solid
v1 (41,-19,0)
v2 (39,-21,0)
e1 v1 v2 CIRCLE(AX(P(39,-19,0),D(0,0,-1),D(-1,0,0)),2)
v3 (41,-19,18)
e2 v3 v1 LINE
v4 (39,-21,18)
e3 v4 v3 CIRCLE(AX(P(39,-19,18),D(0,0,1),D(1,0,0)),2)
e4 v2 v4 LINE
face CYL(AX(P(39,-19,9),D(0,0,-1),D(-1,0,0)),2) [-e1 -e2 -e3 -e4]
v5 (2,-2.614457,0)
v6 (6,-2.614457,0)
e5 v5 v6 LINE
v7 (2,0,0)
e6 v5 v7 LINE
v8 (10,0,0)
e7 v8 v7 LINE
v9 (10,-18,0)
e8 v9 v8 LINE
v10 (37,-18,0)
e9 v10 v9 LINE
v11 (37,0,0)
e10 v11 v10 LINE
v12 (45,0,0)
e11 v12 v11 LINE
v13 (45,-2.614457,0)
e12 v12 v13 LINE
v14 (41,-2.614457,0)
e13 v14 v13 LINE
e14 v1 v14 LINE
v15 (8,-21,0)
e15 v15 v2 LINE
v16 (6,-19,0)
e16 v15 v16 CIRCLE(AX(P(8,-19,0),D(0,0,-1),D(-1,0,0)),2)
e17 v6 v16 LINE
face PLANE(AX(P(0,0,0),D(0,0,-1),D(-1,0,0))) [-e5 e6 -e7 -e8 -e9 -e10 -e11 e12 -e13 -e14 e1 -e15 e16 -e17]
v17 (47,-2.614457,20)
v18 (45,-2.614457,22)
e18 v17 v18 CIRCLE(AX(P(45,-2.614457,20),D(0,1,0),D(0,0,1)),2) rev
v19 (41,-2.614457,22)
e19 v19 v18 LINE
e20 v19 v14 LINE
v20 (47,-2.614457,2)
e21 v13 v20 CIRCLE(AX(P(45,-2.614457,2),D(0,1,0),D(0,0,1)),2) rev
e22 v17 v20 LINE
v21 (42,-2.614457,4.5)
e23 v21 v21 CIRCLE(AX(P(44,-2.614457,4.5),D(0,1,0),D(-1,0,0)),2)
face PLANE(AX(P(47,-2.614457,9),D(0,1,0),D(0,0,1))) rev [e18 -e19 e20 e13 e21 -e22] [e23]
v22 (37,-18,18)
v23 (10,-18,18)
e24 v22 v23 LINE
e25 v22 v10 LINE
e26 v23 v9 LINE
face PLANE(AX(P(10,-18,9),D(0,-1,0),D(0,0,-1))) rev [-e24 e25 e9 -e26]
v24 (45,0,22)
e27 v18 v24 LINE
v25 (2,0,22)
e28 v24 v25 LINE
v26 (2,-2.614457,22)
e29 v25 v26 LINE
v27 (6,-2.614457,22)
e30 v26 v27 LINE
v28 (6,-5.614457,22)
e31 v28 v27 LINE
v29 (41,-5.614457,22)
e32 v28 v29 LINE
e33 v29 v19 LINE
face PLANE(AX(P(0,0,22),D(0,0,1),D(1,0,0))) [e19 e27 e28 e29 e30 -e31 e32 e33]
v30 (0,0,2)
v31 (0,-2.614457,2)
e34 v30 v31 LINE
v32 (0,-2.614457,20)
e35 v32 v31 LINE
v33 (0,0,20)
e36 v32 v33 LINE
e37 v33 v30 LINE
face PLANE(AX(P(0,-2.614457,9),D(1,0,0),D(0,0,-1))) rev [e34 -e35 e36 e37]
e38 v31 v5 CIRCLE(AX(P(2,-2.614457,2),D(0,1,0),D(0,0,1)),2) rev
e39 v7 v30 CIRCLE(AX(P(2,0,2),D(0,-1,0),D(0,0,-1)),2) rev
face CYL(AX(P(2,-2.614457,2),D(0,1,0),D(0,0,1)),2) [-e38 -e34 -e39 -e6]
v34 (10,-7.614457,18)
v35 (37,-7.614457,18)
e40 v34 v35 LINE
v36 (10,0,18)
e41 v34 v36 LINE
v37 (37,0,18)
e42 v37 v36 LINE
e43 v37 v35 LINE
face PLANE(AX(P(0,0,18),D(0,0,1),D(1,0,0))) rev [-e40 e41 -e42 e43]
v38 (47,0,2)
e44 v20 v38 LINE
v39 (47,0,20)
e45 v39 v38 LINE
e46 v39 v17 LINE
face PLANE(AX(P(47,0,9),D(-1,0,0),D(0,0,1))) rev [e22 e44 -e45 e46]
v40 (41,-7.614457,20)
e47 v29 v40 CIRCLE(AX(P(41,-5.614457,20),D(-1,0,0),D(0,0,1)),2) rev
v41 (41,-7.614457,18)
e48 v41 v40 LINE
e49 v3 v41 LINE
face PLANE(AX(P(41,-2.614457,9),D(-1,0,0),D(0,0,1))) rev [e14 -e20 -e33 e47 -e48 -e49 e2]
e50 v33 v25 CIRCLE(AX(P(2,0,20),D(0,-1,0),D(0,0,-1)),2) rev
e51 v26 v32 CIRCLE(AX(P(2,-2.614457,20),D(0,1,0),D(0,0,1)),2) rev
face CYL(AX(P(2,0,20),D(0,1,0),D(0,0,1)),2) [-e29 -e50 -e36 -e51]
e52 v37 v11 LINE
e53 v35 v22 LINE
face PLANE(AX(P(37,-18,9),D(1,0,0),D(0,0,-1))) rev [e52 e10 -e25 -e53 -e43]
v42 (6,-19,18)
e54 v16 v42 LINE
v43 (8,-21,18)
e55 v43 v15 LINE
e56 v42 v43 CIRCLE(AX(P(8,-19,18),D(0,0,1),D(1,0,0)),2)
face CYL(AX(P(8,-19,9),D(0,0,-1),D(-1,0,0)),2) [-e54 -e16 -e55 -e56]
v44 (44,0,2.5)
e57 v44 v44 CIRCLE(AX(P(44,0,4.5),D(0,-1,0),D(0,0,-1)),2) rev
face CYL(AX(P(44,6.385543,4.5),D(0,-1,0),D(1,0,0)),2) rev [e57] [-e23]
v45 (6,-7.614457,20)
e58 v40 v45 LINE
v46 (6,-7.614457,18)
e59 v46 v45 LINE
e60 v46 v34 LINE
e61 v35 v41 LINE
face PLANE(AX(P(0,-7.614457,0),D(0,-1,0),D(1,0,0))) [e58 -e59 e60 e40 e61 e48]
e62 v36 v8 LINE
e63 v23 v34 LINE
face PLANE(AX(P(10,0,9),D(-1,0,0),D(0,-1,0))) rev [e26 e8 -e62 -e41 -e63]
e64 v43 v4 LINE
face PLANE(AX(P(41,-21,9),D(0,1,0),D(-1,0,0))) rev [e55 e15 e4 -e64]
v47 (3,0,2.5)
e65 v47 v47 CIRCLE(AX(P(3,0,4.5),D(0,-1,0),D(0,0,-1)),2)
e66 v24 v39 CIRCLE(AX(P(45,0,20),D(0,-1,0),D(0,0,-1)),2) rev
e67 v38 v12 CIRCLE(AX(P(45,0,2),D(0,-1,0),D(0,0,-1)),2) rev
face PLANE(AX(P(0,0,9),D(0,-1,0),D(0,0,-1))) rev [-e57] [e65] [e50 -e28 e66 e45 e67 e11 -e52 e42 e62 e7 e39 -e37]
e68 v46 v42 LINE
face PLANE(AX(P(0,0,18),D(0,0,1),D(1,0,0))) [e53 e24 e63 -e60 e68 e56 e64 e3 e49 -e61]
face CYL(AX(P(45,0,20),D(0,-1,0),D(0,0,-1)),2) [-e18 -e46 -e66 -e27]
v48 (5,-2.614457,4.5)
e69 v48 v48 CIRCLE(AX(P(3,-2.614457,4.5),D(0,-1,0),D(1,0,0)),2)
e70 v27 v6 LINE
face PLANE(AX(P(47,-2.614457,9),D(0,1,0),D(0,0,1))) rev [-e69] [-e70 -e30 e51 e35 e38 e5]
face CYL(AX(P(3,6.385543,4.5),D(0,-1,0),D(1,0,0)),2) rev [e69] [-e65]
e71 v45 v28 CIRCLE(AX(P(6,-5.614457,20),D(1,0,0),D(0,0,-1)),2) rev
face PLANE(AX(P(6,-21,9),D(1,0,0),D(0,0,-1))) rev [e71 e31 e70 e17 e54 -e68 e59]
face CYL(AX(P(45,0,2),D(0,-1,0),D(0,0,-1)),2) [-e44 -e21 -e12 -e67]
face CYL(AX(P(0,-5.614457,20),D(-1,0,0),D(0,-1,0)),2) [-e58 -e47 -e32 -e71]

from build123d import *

# Parameters (mm, degrees)
BOSS_EXTRUDE1_DEPTH = 9
SKETCH2_R           = 2
CUT_EXTRUDE1_DEPTH  = 9
BOSS_EXTRUDE2_DEPTH = 9
SKETCH5_W           = 47
SKETCH5_H           = 2.614456703
BOSS_EXTRUDE3_DEPTH = 4
FILLET1_R           = 2
FILLET4_R           = 2
BOSS_EXTRUDE5_DEPTH = 5
FILLET5_R           = 2


with BuildPart() as part:
    # Sketch1 → Boss-Extrude1 (new body)
    with BuildSketch(Plane.XY):
        Polygon((0, 0), (10, 0), (10, -18), (37, -18), (37, 0), (47, 0), (47, -2.614456703), (41, -2.614456703), (41, -21), (6, -21), (6, -2.614456703), (0, -2.614456703), align=None)
    extrude(amount=BOSS_EXTRUDE1_DEPTH)

    # Sketch2 → Cut-Extrude1 (cut)
    with BuildSketch(Plane.XZ.offset(2.614456703)):
        with Locations((3, 4.5)):
            Circle(SKETCH2_R)
    cut_extrude1 = extrude(amount=-CUT_EXTRUDE1_DEPTH, mode=Mode.SUBTRACT)

    # Mirror1: Cut-Extrude1 across plane
    add(cut_extrude1.mirror(Plane(origin=(23.5, 0, 0), x_dir=(0, 0, 1), z_dir=(1, 0, 0))), mode=Mode.SUBTRACT)

    # Sketch3 → Boss-Extrude2 (add)
    with BuildSketch(Plane.XY.offset(9)):
        Polygon((0, 0), (0, -2.614456703), (6, -2.614456703), (6, -21), (41, -21), (41, -2.614456703), (47, -2.614456703), (47, 0), (37, 0), (37, -18), (10, -18), (10, 0), align=None)
    extrude(amount=BOSS_EXTRUDE2_DEPTH)

    # Sketch5 → Boss-Extrude3 (add)
    with BuildSketch(Plane.XY.offset(18)):
        with Locations((23.5, -1.307228352)):
            Rectangle(SKETCH5_W, SKETCH5_H)
    extrude(amount=BOSS_EXTRUDE3_DEPTH)

    # Fillet1
    fillet1_edges = [part.edges().sort_by_distance(p)[0] for p in [
        (0, -1.307228352, 22),
        (47, -1.307228352, 22),
    ]]
    fillet(fillet1_edges, radius=FILLET1_R)

    # Fillet4
    fillet4_edges = [part.edges().sort_by_distance(p)[0] for p in [
        (47, -1.307228352, 0),
        (0, -1.307228352, 0),
        (41, -21, 9),
        (6, -21, 9),
    ]]
    fillet(fillet4_edges, radius=FILLET4_R)

    # Sketch9 → Boss-Extrude5 (add)
    with BuildSketch(Plane.XZ.offset(2.614456703)):
        Polygon((6, 22), (6, 18), (10, 18), (37, 18), (41, 18), (41, 22), align=None)
    extrude(amount=BOSS_EXTRUDE5_DEPTH)

    # Fillet5
    fillet5_edges = [part.edges().sort_by_distance(p)[0] for p in [
        (23.5, -7.614456703, 22),
    ]]
    fillet(fillet5_edges, radius=FILLET5_R)


solid = part.part
